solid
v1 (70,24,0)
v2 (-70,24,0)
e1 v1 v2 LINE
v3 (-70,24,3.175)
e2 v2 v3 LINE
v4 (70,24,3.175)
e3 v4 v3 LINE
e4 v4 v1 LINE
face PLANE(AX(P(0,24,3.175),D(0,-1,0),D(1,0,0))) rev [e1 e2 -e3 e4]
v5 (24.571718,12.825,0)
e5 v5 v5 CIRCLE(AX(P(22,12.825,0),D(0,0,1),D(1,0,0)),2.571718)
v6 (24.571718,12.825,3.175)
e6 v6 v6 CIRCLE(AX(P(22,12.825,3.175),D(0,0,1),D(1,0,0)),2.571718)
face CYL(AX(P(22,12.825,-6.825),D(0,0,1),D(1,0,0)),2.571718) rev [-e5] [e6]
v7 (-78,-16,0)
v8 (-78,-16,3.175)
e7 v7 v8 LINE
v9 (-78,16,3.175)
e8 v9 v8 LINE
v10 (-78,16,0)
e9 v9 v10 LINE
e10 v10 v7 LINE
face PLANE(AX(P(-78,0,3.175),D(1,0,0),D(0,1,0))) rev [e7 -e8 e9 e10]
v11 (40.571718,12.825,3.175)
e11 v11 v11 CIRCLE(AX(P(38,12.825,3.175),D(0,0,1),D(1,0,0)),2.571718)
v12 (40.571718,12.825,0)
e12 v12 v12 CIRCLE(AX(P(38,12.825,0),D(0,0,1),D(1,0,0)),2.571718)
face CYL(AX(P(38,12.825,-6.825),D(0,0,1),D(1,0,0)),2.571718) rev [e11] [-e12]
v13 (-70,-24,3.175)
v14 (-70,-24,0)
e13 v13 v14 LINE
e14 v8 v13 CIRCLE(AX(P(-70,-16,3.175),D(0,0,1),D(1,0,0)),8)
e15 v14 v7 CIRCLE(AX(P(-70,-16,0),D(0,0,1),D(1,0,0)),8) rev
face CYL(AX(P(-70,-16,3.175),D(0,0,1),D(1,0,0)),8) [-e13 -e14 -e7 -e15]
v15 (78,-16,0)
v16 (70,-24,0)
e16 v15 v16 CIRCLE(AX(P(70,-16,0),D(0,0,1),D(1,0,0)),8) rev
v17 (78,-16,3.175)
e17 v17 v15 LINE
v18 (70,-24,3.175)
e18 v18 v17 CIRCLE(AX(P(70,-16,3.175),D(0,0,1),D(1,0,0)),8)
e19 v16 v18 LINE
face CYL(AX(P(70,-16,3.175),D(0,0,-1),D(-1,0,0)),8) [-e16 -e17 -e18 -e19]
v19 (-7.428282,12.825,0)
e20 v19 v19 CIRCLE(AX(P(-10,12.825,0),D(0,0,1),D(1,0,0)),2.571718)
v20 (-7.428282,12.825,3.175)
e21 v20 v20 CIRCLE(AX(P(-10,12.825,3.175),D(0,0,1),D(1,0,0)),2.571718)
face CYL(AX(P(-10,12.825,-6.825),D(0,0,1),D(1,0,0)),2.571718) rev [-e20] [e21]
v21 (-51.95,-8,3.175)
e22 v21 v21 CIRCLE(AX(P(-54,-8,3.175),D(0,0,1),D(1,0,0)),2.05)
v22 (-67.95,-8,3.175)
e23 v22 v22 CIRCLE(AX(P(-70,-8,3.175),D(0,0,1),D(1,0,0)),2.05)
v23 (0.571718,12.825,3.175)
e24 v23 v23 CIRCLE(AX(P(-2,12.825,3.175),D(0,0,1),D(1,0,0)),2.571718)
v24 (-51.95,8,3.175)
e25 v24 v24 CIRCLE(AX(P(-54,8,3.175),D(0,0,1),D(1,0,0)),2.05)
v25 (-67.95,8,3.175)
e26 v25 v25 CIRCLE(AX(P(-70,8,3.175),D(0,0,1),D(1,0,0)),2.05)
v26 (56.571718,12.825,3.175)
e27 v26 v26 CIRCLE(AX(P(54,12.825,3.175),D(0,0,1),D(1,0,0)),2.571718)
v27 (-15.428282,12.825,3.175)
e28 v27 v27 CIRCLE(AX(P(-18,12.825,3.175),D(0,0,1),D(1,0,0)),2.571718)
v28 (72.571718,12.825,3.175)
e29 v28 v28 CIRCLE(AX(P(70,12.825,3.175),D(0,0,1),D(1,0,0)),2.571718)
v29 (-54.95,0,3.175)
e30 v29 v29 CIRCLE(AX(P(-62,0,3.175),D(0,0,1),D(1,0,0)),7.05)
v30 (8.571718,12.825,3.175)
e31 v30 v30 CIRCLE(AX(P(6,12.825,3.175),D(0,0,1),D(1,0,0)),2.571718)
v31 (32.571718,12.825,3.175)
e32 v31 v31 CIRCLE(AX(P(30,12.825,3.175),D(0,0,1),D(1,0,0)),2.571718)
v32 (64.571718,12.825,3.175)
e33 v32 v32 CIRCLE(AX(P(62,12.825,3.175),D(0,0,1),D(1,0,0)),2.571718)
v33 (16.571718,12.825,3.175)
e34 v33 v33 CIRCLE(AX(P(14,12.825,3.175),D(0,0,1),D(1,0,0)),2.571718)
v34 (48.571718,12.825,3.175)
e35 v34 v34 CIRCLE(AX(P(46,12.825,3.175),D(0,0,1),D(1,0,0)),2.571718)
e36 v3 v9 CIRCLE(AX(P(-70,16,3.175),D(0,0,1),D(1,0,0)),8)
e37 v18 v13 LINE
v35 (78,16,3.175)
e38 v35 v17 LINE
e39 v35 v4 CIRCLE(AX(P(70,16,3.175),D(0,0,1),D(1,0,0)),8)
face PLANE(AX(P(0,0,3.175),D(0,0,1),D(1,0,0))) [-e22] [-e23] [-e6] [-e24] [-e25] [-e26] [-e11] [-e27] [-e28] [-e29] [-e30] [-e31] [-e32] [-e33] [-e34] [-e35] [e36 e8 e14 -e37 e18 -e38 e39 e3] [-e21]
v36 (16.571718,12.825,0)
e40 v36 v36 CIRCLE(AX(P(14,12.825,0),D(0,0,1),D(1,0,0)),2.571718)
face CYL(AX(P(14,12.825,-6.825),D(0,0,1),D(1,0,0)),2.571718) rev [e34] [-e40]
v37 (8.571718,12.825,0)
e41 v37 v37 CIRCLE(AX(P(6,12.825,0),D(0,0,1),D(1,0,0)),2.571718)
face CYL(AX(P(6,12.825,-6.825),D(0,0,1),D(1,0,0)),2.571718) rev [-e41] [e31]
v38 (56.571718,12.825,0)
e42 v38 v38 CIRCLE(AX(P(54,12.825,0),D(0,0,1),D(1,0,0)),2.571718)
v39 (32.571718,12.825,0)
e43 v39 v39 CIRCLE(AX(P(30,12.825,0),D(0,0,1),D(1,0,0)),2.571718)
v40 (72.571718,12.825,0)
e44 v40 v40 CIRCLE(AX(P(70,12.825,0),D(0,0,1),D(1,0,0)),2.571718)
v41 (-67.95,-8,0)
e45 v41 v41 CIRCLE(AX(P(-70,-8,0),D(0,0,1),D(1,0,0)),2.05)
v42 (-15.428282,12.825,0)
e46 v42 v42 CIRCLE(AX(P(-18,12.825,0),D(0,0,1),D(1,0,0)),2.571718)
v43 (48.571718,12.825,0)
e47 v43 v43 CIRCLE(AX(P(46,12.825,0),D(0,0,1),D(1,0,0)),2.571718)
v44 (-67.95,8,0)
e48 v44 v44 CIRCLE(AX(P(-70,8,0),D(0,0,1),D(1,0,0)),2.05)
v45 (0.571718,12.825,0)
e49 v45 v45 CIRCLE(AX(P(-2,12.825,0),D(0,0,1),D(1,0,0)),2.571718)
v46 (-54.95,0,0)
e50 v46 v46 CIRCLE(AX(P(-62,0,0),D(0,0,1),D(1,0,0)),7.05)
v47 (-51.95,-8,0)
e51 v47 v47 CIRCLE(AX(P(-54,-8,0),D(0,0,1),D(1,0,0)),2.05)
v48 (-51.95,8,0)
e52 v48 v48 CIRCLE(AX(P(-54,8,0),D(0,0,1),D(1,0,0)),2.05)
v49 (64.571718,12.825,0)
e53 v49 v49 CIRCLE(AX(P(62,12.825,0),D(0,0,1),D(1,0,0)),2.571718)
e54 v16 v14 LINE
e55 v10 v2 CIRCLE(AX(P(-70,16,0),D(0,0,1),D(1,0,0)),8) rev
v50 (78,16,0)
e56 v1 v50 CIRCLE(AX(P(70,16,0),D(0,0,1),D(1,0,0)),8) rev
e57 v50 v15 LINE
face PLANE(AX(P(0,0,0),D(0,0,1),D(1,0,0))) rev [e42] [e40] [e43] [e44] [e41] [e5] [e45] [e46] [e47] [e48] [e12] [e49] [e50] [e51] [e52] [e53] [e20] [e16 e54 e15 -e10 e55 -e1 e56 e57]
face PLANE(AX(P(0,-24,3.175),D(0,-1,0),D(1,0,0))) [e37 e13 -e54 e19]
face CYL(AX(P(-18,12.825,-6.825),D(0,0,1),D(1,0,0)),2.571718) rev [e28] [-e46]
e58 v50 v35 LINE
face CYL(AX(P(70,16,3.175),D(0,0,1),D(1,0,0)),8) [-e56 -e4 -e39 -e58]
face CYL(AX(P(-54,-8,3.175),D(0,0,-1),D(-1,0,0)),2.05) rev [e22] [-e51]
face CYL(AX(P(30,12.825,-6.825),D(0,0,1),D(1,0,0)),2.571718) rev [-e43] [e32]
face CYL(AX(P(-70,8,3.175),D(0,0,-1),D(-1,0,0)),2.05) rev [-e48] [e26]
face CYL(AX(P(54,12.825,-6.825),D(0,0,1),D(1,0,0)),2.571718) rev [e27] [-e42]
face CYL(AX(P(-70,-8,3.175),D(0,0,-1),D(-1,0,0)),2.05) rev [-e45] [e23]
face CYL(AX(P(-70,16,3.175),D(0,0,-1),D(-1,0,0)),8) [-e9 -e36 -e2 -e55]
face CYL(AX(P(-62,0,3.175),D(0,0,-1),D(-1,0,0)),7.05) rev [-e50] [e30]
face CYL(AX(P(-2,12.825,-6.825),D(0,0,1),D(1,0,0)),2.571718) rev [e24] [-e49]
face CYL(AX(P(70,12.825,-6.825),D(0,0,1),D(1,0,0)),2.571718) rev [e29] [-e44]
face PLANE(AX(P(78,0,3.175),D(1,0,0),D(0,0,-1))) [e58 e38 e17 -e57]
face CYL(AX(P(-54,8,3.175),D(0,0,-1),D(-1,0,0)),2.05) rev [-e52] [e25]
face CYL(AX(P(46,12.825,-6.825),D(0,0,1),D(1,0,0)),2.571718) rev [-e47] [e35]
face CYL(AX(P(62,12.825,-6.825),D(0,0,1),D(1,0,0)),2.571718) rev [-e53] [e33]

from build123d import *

# Parameters (mm, degrees)
SKETCH2_W           = 156
SKETCH2_H           = 48
SKETCH2_R           = 2.05
SKETCH2_R_2         = 7.05
BOSS_EXTRUDE2_DEPTH = 3.175
FILLET1_R           = 8
SKETCH3_R           = 2.571717643
CUT_EXTRUDE1_DEPTH  = 10


with BuildPart() as part:
    # Sketch2 → Boss-Extrude2 (new body)
    with BuildSketch(Plane.XY):
        Rectangle(SKETCH2_W, SKETCH2_H)
        with Locations((-70, 8)):
            Circle(SKETCH2_R, mode=Mode.SUBTRACT)
        with Locations((-54, 8)):
            Circle(SKETCH2_R, mode=Mode.SUBTRACT)
        with Locations((-54, -8)):
            Circle(SKETCH2_R, mode=Mode.SUBTRACT)
        with Locations((-70, -8)):
            Circle(SKETCH2_R, mode=Mode.SUBTRACT)
        with Locations((-62, 0)):
            Circle(SKETCH2_R_2, mode=Mode.SUBTRACT)
    extrude(amount=BOSS_EXTRUDE2_DEPTH)

    # Fillet1
    fillet1_edges = [part.edges().sort_by_distance(p)[0] for p in [
        (78, 24, 1.5875),
        (78, -24, 1.5875),
        (-78, -24, 1.5875),
        (-78, 24, 1.5875),
    ]]
    fillet(fillet1_edges, radius=FILLET1_R)

    # Sketch3 → Cut-Extrude1 (cut)
    with BuildSketch(Plane.XY.offset(3.175)):
        with Locations((70, 12.825)):
            Circle(SKETCH3_R)
        with Locations((62, 12.825)):
            Circle(SKETCH3_R)
        with Locations((54, 12.825)):
            Circle(SKETCH3_R)
        with Locations((46, 12.825)):
            Circle(SKETCH3_R)
        with Locations((38, 12.825)):
            Circle(SKETCH3_R)
        with Locations((30, 12.825)):
            Circle(SKETCH3_R)
        with Locations((22, 12.825)):
            Circle(SKETCH3_R)
        with Locations((14, 12.825)):
            Circle(SKETCH3_R)
        with Locations((6, 12.825)):
            Circle(SKETCH3_R)
        with Locations((-2, 12.825)):
            Circle(SKETCH3_R)
        with Locations((-10, 12.825)):
            Circle(SKETCH3_R)
        with Locations((-18, 12.825)):
            Circle(SKETCH3_R)
    extrude(amount=-CUT_EXTRUDE1_DEPTH, mode=Mode.SUBTRACT)


solid = part.part
